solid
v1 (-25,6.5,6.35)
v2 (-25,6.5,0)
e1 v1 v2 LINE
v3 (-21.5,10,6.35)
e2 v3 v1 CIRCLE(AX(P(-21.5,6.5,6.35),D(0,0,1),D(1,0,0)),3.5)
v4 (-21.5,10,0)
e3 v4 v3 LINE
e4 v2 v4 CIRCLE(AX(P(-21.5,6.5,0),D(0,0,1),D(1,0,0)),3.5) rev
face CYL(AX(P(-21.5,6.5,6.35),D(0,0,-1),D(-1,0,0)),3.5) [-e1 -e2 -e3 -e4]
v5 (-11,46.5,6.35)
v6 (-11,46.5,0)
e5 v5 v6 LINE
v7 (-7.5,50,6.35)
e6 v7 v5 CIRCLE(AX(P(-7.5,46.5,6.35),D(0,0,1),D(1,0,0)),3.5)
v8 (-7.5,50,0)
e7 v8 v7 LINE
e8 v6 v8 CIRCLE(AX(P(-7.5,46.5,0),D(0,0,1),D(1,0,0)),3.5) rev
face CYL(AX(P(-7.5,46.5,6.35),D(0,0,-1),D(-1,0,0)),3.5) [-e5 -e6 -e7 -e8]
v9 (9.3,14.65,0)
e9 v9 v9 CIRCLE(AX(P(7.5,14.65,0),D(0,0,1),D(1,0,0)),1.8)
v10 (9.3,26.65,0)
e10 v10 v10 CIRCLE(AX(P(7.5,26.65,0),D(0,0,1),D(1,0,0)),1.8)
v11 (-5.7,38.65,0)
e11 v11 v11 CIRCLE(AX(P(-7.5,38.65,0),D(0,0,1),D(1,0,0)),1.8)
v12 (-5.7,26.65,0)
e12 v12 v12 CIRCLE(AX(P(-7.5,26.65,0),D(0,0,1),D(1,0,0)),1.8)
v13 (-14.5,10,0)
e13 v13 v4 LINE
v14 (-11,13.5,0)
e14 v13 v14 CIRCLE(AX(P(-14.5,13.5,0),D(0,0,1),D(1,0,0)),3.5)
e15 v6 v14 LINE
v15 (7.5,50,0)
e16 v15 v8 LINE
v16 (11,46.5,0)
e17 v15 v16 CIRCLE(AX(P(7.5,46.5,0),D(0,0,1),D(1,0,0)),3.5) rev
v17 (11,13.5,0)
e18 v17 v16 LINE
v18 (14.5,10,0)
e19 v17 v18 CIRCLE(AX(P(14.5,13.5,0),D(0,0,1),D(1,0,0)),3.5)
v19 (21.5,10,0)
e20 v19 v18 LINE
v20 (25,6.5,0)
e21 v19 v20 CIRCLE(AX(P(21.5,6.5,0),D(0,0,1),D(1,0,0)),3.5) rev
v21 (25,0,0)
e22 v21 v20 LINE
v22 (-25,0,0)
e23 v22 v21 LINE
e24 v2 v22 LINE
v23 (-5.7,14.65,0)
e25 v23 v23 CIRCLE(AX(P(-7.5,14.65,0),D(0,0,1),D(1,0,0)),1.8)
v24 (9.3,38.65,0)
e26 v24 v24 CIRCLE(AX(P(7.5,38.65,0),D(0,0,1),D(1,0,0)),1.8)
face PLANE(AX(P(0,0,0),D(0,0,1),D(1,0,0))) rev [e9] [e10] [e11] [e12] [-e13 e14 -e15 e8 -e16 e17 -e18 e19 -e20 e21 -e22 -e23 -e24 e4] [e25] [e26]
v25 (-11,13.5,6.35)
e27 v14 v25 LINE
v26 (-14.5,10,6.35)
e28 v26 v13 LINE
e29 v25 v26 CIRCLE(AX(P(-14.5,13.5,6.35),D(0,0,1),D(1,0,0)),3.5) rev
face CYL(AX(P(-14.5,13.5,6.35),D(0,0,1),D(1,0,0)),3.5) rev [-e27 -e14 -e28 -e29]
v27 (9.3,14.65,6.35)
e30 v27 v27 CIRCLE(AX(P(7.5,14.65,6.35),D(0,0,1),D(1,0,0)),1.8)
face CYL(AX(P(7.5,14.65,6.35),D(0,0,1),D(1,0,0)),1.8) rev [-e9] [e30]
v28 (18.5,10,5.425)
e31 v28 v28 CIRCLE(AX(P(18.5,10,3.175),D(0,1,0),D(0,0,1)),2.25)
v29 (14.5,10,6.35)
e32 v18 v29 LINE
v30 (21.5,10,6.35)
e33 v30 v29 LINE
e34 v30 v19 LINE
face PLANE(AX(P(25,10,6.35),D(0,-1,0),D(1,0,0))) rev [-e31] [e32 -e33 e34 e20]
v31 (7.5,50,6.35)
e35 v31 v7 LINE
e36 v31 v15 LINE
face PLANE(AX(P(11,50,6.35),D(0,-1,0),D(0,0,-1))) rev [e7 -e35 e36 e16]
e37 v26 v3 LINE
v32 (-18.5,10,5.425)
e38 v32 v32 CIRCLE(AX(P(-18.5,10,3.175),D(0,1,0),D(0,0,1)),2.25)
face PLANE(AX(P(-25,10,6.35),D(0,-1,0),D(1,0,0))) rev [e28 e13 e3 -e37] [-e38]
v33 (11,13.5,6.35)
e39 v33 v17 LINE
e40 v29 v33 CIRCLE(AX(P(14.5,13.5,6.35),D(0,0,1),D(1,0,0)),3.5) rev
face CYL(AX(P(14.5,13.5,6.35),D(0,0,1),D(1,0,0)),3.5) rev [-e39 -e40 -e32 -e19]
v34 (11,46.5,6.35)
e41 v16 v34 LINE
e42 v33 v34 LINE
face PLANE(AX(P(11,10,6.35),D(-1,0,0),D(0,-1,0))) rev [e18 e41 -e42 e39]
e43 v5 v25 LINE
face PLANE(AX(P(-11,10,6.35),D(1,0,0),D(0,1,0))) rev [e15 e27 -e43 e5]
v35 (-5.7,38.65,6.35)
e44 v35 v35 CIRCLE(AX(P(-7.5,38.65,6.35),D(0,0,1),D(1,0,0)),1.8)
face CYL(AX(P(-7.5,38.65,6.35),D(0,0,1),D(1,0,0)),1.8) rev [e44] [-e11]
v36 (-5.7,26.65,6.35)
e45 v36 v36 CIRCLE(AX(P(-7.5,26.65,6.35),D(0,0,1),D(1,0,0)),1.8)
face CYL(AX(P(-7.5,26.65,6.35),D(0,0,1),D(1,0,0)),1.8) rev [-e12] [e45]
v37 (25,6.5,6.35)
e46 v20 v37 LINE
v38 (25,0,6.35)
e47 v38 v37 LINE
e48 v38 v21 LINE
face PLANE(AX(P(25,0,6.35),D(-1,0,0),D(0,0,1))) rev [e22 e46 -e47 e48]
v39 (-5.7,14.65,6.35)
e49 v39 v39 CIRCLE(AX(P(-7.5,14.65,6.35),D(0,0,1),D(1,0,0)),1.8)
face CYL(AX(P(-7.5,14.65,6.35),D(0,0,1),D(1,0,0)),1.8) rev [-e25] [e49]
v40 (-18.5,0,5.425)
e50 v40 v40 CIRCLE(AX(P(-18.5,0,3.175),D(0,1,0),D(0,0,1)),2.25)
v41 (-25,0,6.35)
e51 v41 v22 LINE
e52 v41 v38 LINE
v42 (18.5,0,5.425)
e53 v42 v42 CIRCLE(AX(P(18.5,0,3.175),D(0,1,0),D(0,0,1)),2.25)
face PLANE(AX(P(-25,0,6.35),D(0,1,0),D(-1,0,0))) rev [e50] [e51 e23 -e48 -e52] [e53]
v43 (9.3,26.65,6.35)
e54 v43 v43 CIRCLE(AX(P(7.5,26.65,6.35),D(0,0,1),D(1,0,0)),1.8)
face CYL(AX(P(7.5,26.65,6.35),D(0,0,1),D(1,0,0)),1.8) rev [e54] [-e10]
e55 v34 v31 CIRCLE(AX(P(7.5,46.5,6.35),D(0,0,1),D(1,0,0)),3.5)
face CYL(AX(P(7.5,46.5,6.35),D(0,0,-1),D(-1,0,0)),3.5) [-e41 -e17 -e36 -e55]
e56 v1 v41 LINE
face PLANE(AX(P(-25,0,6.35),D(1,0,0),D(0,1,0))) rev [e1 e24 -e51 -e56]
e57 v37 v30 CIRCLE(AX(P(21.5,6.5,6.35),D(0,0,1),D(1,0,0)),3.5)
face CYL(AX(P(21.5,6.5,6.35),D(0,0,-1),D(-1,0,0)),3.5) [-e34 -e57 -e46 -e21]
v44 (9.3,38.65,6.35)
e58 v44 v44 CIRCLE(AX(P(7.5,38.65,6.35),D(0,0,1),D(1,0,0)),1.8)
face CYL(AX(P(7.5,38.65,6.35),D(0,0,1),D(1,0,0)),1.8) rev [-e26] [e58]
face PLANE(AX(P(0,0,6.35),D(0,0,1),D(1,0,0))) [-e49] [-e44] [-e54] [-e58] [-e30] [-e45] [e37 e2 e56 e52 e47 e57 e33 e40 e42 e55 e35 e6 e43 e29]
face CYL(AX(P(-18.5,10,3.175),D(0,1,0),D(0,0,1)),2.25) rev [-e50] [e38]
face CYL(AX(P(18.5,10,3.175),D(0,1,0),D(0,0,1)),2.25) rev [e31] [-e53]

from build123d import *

# Parameters (mm, degrees)
BOSS_EXTRUDE1_DEPTH  = 6.35
M4_CLEARANCE_HOLE1_D = 4.5
M3_CLEARANCE_HOLE2_D = 3.6
FILLET1_R            = 3.5
FILLET2_R            = 3.5


with BuildPart() as part:
    # Sketch1 → Boss-Extrude1 (new body)
    with BuildSketch(Plane.XY):
        Polygon((-25, 0), (25, 0), (25, 10), (11, 10), (11, 50), (-11, 50), (-11, 10), (-25, 10), align=None)
    extrude(amount=BOSS_EXTRUDE1_DEPTH)

    # M4 Clearance Hole1 (through all)
    with Locations(Plane(origin=(0, 10, 0), x_dir=(1, 0, 0), z_dir=(0, 1, 0))):
        with Locations((-18.5, -3.175), (18.5, -3.175)):
            Hole(M4_CLEARANCE_HOLE1_D / 2)

    # M3 Clearance Hole2 (through all)
    with Locations(Plane.XY.offset(6.35)):
        with Locations((-7.5, 26.65), (7.5, 38.65), (-7.5, 14.65), (7.5, 26.65), (-7.5, 38.65), (7.5, 14.65)):
            Hole(M3_CLEARANCE_HOLE2_D / 2)

    # Fillet1
    fillet1_edges = [part.edges().sort_by_distance(p)[0] for p in [
        (-11, 10, 3.175),
        (11, 10, 3.175),
    ]]
    fillet(fillet1_edges, radius=FILLET1_R)

    # Fillet2
    fillet2_edges = [part.edges().sort_by_distance(p)[0] for p in [
        (-25, 10, 3.175),
        (-11, 50, 3.175),
        (11, 50, 3.175),
        (25, 10, 3.175),
    ]]
    fillet(fillet2_edges, radius=FILLET2_R)


solid = part.part
